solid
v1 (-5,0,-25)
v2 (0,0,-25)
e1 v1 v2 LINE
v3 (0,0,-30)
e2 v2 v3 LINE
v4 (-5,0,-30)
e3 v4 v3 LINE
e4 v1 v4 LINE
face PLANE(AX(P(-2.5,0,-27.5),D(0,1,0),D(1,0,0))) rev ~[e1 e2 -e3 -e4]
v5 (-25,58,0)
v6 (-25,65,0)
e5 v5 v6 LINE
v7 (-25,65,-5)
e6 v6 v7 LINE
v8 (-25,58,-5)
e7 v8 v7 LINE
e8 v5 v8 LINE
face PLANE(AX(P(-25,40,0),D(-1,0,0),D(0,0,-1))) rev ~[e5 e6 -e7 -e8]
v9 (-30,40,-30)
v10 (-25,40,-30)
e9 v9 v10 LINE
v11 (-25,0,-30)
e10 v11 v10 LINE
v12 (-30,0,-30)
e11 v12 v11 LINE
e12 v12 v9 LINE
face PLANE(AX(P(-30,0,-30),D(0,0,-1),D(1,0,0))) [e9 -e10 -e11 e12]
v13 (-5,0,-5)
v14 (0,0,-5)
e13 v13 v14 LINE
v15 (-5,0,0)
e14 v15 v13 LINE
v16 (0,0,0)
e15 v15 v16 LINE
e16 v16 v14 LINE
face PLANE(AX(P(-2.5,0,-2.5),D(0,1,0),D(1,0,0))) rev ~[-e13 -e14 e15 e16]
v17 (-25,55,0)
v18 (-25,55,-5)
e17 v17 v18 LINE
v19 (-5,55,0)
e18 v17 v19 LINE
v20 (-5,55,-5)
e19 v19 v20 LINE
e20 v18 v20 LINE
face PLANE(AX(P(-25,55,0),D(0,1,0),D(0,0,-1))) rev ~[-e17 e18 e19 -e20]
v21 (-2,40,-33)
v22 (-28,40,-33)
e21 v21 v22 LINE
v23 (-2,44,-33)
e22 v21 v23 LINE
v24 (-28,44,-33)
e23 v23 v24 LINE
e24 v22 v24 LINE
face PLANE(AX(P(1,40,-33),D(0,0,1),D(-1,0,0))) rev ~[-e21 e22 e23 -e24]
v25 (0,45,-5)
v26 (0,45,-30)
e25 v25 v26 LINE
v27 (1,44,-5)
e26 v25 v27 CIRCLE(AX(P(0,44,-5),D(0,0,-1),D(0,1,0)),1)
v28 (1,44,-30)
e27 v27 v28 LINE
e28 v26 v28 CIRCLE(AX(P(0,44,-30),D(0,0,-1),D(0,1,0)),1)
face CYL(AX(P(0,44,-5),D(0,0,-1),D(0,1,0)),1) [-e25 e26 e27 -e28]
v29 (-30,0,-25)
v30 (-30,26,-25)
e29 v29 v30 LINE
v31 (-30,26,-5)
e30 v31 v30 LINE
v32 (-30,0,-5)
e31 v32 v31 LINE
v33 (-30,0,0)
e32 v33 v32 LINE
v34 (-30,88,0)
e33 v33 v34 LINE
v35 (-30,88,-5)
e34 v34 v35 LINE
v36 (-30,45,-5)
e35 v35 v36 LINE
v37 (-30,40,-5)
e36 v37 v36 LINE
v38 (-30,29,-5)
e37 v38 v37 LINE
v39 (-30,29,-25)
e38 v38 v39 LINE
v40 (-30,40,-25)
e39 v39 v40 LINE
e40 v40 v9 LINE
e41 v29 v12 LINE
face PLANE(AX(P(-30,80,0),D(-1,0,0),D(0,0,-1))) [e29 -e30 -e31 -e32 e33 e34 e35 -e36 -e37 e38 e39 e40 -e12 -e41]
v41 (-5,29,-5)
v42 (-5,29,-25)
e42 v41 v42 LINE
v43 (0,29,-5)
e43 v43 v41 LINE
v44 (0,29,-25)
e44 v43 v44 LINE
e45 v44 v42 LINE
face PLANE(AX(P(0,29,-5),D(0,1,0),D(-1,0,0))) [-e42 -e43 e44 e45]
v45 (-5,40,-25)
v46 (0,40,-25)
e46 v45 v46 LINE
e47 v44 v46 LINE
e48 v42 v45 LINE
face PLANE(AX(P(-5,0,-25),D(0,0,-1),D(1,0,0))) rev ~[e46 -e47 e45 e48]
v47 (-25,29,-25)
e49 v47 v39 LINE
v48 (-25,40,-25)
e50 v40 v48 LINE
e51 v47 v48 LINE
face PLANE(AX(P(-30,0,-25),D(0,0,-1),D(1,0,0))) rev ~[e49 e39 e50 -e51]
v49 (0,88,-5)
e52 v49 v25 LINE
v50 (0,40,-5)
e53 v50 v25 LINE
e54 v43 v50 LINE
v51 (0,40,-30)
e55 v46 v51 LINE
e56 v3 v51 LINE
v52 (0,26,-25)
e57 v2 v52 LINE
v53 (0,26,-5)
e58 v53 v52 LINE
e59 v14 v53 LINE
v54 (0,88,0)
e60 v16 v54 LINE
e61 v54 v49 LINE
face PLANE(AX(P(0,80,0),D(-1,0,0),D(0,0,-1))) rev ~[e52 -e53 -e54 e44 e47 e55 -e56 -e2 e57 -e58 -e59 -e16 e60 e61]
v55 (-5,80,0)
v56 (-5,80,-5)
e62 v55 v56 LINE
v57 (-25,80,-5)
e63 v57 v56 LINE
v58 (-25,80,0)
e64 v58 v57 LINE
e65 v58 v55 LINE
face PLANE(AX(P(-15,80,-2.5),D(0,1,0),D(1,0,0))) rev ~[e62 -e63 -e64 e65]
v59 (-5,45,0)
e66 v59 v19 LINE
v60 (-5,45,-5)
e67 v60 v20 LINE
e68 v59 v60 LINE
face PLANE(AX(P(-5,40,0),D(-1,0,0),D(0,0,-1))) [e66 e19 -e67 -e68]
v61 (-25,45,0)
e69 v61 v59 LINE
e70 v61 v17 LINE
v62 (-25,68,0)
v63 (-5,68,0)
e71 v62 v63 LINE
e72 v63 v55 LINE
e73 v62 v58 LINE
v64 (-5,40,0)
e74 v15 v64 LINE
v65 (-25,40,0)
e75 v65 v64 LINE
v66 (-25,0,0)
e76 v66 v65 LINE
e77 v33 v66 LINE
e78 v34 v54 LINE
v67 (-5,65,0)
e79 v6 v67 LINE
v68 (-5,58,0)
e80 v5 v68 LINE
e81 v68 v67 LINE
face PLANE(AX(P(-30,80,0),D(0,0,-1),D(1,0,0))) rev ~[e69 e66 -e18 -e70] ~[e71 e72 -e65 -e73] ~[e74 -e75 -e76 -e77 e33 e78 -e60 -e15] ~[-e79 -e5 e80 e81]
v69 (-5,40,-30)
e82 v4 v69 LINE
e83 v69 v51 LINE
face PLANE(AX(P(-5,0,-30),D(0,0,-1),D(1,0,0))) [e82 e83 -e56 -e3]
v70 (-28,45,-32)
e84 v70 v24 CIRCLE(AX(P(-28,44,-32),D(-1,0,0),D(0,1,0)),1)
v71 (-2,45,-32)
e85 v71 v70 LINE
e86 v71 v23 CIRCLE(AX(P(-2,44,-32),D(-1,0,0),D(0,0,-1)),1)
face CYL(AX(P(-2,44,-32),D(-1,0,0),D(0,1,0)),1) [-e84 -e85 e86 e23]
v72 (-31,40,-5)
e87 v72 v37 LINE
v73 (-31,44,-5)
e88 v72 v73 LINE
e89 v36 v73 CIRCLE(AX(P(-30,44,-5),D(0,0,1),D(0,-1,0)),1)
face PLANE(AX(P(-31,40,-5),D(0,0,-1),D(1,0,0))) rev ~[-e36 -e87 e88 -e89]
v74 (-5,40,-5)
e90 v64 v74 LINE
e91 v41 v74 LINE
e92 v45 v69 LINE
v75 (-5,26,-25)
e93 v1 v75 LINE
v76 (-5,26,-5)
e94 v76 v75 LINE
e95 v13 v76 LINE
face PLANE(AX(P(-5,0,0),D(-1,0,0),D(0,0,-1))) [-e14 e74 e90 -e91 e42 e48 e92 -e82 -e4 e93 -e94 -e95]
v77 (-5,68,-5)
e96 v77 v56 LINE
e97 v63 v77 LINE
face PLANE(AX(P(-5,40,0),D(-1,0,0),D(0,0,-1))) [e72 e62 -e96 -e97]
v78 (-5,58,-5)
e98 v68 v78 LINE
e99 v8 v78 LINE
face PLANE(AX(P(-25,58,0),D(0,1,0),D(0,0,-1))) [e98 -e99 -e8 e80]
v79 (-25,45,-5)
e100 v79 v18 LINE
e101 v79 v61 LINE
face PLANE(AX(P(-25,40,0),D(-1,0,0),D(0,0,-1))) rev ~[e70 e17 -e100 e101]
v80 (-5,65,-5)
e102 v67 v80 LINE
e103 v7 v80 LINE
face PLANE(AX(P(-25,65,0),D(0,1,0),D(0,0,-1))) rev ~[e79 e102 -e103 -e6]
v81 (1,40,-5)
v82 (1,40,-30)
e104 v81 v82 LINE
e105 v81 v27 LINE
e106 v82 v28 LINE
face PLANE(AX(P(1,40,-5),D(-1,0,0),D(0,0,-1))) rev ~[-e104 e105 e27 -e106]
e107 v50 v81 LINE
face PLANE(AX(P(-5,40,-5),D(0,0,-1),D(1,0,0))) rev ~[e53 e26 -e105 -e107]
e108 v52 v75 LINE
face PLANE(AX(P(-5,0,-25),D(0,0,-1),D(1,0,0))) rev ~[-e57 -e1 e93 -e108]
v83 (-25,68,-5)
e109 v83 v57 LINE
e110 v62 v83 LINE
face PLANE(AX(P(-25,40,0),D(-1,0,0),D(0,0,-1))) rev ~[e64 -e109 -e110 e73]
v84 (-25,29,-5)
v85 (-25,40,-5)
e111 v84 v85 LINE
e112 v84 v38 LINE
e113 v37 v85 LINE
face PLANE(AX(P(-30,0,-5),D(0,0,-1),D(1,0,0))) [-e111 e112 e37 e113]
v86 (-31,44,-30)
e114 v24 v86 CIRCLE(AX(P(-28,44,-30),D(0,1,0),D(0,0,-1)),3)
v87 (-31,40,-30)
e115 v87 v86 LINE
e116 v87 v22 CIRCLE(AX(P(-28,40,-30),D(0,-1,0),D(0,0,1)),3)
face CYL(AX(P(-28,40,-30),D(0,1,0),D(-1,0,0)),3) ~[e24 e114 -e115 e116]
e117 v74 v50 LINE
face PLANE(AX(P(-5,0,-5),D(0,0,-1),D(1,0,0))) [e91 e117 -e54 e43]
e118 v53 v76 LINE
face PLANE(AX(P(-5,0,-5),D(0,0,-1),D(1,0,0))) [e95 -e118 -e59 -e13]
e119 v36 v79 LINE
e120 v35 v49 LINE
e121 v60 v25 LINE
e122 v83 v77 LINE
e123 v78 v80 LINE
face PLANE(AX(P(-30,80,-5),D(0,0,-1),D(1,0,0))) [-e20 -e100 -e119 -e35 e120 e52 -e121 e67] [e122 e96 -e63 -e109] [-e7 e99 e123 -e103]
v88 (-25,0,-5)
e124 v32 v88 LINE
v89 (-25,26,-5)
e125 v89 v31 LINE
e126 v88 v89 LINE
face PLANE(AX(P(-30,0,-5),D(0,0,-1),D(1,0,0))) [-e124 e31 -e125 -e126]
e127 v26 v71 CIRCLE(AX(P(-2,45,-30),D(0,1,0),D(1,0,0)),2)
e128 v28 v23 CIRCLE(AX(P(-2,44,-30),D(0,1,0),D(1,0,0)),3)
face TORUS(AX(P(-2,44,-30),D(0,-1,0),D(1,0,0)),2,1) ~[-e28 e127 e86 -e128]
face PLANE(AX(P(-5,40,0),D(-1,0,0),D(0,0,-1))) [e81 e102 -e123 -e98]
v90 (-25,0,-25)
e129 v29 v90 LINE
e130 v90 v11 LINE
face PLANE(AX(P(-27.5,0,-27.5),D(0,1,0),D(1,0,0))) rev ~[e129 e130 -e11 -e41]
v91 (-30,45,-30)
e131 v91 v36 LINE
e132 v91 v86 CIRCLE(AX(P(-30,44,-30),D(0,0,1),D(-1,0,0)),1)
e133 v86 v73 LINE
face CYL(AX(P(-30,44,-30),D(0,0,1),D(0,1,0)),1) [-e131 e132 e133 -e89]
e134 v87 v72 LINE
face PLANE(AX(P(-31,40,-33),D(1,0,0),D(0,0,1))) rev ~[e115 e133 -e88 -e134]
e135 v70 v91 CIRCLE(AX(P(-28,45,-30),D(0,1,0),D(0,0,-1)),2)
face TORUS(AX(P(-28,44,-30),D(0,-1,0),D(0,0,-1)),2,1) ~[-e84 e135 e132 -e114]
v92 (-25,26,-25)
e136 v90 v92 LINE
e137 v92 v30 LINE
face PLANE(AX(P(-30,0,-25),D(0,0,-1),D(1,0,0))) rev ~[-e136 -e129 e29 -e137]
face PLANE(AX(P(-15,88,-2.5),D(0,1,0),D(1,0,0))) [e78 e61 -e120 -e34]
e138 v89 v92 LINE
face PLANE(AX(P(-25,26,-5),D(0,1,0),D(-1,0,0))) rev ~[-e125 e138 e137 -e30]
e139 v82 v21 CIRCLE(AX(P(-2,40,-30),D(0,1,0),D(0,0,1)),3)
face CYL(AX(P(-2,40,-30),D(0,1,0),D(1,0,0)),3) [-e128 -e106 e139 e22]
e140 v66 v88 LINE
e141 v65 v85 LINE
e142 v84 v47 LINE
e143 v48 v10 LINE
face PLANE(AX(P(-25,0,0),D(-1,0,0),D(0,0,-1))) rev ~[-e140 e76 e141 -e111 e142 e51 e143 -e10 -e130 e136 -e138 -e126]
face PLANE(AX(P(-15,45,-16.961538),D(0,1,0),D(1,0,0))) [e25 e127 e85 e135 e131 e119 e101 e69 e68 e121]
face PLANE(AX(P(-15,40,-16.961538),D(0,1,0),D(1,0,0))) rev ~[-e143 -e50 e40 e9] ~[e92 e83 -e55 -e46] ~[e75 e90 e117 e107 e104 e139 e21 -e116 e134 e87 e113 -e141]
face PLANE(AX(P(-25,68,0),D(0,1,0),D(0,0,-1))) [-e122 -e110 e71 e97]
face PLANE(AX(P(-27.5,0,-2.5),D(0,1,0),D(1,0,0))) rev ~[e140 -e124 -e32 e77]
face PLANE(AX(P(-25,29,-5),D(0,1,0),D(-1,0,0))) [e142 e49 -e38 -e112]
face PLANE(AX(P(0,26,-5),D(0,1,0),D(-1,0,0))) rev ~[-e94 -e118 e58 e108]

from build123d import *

# Parameters (mm, degrees)
SKETCH1_W             = 5
SKETCH1_H             = 5
BOSS_EXTRUDE1_DEPTH   = 40
BOSS_EXTRUDE1_2_DEPTH = 40
BOSS_EXTRUDE1_3_DEPTH = 40
BOSS_EXTRUDE1_4_DEPTH = 40
BOSS_EXTRUDE2_DEPTH   = 5
SKETCH3_W             = 5
SKETCH3_H             = 5
BOSS_EXTRUDE3_DEPTH   = 40
SKETCH4_W             = 30
SKETCH4_H             = 5
BOSS_EXTRUDE4_DEPTH   = 8
SKETCH5_W             = 5
SKETCH5_H             = 3
BOSS_EXTRUDE5_DEPTH   = 20
SKETCH6_W             = 5
SKETCH6_H             = 3
BOSS_EXTRUDE6_DEPTH   = 20
FILLET1_R             = 3
FILLET2_R             = 1


with BuildPart() as part:
    # Sketch1 → Boss-Extrude1 (new body)
    with BuildSketch(Plane(origin=(0, 0, 0), x_dir=(1, 0, 0), z_dir=(0, 1, 0))):
        with Locations((-27.5, 2.5)):
            Rectangle(SKETCH1_W, SKETCH1_H)
    extrude(amount=BOSS_EXTRUDE1_DEPTH)



with BuildPart() as body_2:
    # Sketch1 → Boss-Extrude1 2 (new body)
    with BuildSketch(Plane(origin=(0, 0, 0), x_dir=(1, 0, 0), z_dir=(0, 1, 0))):
        with Locations((-2.5, 2.5)):
            Rectangle(SKETCH1_W, SKETCH1_H)
    extrude(amount=BOSS_EXTRUDE1_2_DEPTH)


with BuildPart() as body_3:
    # Sketch1 → Boss-Extrude1 3 (new body)
    with BuildSketch(Plane(origin=(0, 0, 0), x_dir=(1, 0, 0), z_dir=(0, 1, 0))):
        with Locations((-2.5, 27.5)):
            Rectangle(SKETCH1_W, SKETCH1_H)
    extrude(amount=BOSS_EXTRUDE1_3_DEPTH)



with BuildPart() as body_4:
    # Sketch1 → Boss-Extrude1 4 (new body)
    with BuildSketch(Plane(origin=(0, 0, 0), x_dir=(1, 0, 0), z_dir=(0, 1, 0))):
        with Locations((-27.5, 27.5)):
            Rectangle(SKETCH1_W, SKETCH1_H)
    extrude(amount=BOSS_EXTRUDE1_4_DEPTH)


with BuildPart() as body_3_1:
    add(body_3.part)

    add(body_4.part)  # Boss-Extrude2 merges body 4
    # Sketch2 → Boss-Extrude2 (add)
    with BuildSketch(Plane(origin=(0, 40, 0), x_dir=(1, 0, 0), z_dir=(0, 1, 0))):
        Polygon((-5, 0), (-5, 5), (1, 5), (1, 33), (-31, 33), (-31, 5), (-30, 5), (-25, 5), (-25, 0), align=None)
    extrude(amount=BOSS_EXTRUDE2_DEPTH)


with BuildPart() as part_1:
    add(part.part)

    add(body_2.part)  # Boss-Extrude3 merges body 2

    add(body_3_1.part)  # Boss-Extrude3 merges body 3
    # Sketch3 → Boss-Extrude3 (add)
    with BuildSketch(Plane(origin=(0, 40, 0), x_dir=(1, 0, 0), z_dir=(0, 1, 0))):
        with Locations((-27.5, 2.5)):
            Rectangle(SKETCH3_W, SKETCH3_H)
        with Locations((-2.5, 2.5)):
            Rectangle(SKETCH3_W, SKETCH3_H)
    extrude(amount=BOSS_EXTRUDE3_DEPTH)

    # Sketch4 → Boss-Extrude4 (add)
    with BuildSketch(Plane(origin=(0, 80, 0), x_dir=(1, 0, 0), z_dir=(0, 1, 0))):
        with Locations((-15, 2.5)):
            Rectangle(SKETCH4_W, SKETCH4_H)
    extrude(amount=BOSS_EXTRUDE4_DEPTH)

    # Sketch5 → Boss-Extrude5 (add)
    with BuildSketch(Plane(origin=(-25, 0, 0), x_dir=(0, 0, -1), z_dir=(1, 0, 0))):
        with Locations((2.5, 66.5)):
            Rectangle(SKETCH5_W, SKETCH5_H)
        with Locations((2.5, 56.5)):
            Rectangle(SKETCH5_W, SKETCH5_H)
    extrude(amount=BOSS_EXTRUDE5_DEPTH)

    # Sketch6 → Boss-Extrude6 (add)
    with BuildSketch(Plane(origin=(0, 0, -5), x_dir=(-1, 0, 0), z_dir=(0, 0, -1))):
        with Locations((2.5, 27.5)):
            Rectangle(SKETCH6_W, SKETCH6_H)
        with Locations((27.5, 27.5)):
            Rectangle(SKETCH6_W, SKETCH6_H)
    extrude(amount=BOSS_EXTRUDE6_DEPTH)

    # Fillet1
    fillet1_edges = [part_1.edges().sort_by_distance(p)[0] for p in [
        (1, 42.5, -33),
        (-31, 42.5, -33),
    ]]
    fillet(fillet1_edges, radius=FILLET1_R)

    # Fillet2
    fillet2_edges = [part_1.edges().sort_by_distance(p)[0] for p in [
        (-31, 45, -17.5),
        (-30.121320344, 45, -32.121320344),
        (-15, 45, -33),
        (0.121320344, 45, -32.121320344),
        (1, 45, -17.5),
    ]]
    fillet(fillet2_edges, radius=FILLET2_R)


solid = part_1.part
